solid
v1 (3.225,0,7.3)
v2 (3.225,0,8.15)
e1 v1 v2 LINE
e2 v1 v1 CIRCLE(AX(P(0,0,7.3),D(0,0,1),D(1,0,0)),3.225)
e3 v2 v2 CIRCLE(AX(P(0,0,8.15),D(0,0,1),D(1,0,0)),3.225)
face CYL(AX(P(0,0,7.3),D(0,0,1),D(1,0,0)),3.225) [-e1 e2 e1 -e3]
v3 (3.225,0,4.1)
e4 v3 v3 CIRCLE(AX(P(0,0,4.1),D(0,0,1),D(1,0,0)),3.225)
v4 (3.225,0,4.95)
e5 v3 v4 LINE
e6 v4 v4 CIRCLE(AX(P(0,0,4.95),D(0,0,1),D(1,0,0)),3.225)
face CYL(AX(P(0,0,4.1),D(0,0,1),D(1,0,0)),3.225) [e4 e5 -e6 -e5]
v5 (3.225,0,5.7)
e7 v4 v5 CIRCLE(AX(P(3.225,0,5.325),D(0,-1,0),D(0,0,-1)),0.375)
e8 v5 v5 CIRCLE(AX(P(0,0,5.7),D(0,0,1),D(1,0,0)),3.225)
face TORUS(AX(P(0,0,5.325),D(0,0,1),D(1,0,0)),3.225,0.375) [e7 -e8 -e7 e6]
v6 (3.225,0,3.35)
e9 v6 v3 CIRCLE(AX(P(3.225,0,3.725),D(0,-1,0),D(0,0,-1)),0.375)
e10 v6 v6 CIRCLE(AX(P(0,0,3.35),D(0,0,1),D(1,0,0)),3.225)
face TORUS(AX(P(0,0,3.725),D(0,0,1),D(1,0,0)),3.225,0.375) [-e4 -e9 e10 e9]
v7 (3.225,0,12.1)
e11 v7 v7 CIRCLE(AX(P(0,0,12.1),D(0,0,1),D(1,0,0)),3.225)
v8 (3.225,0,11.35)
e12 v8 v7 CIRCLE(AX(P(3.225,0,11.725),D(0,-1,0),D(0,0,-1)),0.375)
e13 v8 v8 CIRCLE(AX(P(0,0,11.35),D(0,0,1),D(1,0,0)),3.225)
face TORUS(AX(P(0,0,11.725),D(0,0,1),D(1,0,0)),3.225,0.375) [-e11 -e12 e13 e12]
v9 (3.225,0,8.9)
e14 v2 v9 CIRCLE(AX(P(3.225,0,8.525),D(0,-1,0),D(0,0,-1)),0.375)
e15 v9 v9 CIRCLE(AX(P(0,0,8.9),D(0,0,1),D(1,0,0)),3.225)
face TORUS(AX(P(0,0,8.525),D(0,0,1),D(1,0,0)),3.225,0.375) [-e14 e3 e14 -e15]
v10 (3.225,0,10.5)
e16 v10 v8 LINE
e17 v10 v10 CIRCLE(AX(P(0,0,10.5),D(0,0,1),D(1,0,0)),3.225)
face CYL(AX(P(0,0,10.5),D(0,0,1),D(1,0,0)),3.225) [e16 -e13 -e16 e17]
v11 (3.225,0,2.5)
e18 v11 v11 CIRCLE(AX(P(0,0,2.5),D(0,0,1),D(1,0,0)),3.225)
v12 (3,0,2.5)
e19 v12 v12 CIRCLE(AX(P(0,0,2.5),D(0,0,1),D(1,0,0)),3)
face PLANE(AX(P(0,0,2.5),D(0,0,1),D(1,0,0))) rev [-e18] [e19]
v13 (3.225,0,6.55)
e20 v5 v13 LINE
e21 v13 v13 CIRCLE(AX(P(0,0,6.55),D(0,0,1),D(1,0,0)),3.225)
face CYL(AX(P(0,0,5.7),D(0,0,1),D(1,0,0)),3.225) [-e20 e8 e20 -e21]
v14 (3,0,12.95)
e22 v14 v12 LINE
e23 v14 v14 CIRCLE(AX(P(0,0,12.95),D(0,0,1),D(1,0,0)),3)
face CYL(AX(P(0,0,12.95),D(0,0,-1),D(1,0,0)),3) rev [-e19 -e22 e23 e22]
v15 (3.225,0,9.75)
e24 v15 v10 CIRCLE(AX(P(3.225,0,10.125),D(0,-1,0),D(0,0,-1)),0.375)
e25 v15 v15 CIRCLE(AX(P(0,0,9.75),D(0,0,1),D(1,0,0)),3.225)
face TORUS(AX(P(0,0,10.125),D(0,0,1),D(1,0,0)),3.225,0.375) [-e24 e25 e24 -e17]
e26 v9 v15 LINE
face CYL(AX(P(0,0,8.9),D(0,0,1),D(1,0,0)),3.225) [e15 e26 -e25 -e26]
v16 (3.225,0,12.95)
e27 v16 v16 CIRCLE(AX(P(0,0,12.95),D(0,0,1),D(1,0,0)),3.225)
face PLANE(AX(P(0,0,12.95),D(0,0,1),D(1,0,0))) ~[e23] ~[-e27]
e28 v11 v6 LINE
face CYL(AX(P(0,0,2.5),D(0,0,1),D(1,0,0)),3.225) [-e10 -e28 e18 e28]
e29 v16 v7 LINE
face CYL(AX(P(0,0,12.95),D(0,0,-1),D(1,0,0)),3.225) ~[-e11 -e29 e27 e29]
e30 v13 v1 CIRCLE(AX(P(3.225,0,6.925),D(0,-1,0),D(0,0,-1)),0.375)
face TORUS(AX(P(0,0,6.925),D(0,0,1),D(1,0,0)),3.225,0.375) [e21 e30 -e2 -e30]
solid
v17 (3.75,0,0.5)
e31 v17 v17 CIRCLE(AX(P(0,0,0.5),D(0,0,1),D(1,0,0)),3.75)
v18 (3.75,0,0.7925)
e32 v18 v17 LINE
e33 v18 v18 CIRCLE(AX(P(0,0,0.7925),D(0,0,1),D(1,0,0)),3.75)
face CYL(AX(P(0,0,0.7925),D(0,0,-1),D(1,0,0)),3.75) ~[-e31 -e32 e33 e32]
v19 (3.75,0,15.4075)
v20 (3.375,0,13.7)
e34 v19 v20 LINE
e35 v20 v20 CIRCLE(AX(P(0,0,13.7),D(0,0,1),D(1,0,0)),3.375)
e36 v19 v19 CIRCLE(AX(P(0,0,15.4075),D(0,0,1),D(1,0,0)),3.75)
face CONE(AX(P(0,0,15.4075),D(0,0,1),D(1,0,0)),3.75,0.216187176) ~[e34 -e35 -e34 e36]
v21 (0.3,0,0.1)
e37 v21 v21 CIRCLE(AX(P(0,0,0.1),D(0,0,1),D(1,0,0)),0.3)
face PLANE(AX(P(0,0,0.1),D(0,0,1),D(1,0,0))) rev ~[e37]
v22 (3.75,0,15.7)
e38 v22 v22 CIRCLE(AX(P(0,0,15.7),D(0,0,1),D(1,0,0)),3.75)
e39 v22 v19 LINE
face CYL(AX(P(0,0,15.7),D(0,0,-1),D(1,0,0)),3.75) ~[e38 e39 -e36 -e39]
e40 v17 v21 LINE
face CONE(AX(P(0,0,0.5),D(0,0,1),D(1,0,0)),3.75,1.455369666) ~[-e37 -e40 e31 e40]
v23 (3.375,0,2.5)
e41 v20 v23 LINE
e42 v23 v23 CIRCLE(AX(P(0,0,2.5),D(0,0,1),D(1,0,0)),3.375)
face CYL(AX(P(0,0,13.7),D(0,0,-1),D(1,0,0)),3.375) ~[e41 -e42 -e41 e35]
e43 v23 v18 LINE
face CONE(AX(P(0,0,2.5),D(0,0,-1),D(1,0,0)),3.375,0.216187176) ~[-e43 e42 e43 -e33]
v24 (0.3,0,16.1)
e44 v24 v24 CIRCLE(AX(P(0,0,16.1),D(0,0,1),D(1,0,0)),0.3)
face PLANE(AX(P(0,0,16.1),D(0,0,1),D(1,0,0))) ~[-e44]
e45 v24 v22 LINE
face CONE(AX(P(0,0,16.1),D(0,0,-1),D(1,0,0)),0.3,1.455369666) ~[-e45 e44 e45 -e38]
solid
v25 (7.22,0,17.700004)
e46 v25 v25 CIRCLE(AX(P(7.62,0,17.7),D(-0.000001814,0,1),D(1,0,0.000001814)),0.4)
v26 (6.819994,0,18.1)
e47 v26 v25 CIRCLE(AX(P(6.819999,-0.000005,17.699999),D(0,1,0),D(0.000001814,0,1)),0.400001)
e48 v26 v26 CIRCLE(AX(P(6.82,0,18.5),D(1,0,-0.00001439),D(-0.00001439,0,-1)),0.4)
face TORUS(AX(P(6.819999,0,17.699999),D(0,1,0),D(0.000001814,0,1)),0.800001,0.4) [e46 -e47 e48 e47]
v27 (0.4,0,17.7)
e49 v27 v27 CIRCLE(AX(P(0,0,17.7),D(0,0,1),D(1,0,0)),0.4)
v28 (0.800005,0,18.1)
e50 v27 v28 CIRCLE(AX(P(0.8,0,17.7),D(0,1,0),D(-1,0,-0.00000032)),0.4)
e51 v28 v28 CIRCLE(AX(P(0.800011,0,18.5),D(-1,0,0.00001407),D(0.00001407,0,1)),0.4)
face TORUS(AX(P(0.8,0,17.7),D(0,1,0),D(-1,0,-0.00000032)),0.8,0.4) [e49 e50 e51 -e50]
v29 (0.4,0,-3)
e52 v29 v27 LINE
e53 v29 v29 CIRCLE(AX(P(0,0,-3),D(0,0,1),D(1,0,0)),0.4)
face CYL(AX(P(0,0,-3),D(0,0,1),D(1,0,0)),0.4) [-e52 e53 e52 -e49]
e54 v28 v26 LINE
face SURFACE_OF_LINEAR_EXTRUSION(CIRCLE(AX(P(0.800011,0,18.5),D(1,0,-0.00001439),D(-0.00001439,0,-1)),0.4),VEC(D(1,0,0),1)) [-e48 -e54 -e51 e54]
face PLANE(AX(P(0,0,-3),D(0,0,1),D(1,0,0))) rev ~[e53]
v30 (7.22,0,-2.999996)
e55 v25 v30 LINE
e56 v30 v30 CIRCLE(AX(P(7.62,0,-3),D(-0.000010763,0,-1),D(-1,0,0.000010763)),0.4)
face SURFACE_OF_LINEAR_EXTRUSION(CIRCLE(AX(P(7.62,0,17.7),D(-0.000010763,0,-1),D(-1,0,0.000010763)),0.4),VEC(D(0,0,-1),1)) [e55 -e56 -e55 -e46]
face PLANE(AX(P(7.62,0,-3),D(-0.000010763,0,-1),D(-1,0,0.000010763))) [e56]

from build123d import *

# Parameters (mm, degrees)
SKETCH_R = 0.4


with BuildPart() as sweep_body:
    # Sweep: sweep along a path in Sketch001
    with BuildLine(Plane.XZ) as sweep_path:
        Line((0, -3), (0, 17.7))
        ThreePointArc((0, 17.7), (0.234318, 18.265689), (0.800011, 18.5))
        Line((0.800011, 18.5), (6.82, 18.5))
        ThreePointArc((6.82, 18.5), (7.385685, 18.265685), (7.62, 17.7))
        Line((7.62, 17.7), (7.62, -3))
    # Sketch → Sweep (sweep)
    with BuildSketch(Plane.XY.offset(-2)):
        Circle(SKETCH_R)
    sweep(path=sweep_path.line)


with BuildPart() as revolution:
    # Sketch002 → Revolution (revolve)
    with BuildSketch(Plane.XZ):
        Polygon((0, 0.1), (0, 16.1), (0.3, 16.1), (3.75, 15.7), (3.75, 15.4075), (3.375, 13.7), (3.375, 2.5), (3.75, 0.7925), (3.75, 0.5), (0.3, 0.1), align=None)
    revolve(axis=Axis((0, 0, 0), (0, 0, 1)))


with BuildPart() as revolution001:
    # Sketch003 → Revolution001 (revolve)
    with BuildSketch(Plane.XZ):
        with BuildLine():
            Line((3, 12.95), (3, 2.5))
            Line((3, 2.5), (3.225, 2.5))
            Line((3.225, 2.5), (3.225, 3.35))
            ThreePointArc((3.225, 3.35), (3.6, 3.725), (3.225, 4.1))
            Line((3.225, 4.1), (3.225, 4.95))
            ThreePointArc((3.225, 4.95), (3.6, 5.325), (3.225, 5.7))
            Line((3.225, 5.7), (3.225, 6.55))
            ThreePointArc((3.225, 6.55), (3.6, 6.925), (3.225, 7.3))
            Line((3.225, 7.3), (3.225, 8.15))
            ThreePointArc((3.225, 8.15), (3.6, 8.525), (3.225, 8.9))
            Line((3.225, 8.9), (3.225, 9.75))
            ThreePointArc((3.225, 9.75), (3.6, 10.125), (3.225, 10.5))
            Line((3.225, 10.5), (3.225, 11.35))
            ThreePointArc((3.225, 11.35), (3.6, 11.725), (3.225, 12.1))
            Line((3.225, 12.95), (3.225, 12.1))
            Line((3, 12.95), (3.225, 12.95))
        make_face()
    revolve(axis=Axis((0, 0, 0), (0, 0, 1)))


solid = Compound([sweep_body.part, revolution.part, revolution001.part])
